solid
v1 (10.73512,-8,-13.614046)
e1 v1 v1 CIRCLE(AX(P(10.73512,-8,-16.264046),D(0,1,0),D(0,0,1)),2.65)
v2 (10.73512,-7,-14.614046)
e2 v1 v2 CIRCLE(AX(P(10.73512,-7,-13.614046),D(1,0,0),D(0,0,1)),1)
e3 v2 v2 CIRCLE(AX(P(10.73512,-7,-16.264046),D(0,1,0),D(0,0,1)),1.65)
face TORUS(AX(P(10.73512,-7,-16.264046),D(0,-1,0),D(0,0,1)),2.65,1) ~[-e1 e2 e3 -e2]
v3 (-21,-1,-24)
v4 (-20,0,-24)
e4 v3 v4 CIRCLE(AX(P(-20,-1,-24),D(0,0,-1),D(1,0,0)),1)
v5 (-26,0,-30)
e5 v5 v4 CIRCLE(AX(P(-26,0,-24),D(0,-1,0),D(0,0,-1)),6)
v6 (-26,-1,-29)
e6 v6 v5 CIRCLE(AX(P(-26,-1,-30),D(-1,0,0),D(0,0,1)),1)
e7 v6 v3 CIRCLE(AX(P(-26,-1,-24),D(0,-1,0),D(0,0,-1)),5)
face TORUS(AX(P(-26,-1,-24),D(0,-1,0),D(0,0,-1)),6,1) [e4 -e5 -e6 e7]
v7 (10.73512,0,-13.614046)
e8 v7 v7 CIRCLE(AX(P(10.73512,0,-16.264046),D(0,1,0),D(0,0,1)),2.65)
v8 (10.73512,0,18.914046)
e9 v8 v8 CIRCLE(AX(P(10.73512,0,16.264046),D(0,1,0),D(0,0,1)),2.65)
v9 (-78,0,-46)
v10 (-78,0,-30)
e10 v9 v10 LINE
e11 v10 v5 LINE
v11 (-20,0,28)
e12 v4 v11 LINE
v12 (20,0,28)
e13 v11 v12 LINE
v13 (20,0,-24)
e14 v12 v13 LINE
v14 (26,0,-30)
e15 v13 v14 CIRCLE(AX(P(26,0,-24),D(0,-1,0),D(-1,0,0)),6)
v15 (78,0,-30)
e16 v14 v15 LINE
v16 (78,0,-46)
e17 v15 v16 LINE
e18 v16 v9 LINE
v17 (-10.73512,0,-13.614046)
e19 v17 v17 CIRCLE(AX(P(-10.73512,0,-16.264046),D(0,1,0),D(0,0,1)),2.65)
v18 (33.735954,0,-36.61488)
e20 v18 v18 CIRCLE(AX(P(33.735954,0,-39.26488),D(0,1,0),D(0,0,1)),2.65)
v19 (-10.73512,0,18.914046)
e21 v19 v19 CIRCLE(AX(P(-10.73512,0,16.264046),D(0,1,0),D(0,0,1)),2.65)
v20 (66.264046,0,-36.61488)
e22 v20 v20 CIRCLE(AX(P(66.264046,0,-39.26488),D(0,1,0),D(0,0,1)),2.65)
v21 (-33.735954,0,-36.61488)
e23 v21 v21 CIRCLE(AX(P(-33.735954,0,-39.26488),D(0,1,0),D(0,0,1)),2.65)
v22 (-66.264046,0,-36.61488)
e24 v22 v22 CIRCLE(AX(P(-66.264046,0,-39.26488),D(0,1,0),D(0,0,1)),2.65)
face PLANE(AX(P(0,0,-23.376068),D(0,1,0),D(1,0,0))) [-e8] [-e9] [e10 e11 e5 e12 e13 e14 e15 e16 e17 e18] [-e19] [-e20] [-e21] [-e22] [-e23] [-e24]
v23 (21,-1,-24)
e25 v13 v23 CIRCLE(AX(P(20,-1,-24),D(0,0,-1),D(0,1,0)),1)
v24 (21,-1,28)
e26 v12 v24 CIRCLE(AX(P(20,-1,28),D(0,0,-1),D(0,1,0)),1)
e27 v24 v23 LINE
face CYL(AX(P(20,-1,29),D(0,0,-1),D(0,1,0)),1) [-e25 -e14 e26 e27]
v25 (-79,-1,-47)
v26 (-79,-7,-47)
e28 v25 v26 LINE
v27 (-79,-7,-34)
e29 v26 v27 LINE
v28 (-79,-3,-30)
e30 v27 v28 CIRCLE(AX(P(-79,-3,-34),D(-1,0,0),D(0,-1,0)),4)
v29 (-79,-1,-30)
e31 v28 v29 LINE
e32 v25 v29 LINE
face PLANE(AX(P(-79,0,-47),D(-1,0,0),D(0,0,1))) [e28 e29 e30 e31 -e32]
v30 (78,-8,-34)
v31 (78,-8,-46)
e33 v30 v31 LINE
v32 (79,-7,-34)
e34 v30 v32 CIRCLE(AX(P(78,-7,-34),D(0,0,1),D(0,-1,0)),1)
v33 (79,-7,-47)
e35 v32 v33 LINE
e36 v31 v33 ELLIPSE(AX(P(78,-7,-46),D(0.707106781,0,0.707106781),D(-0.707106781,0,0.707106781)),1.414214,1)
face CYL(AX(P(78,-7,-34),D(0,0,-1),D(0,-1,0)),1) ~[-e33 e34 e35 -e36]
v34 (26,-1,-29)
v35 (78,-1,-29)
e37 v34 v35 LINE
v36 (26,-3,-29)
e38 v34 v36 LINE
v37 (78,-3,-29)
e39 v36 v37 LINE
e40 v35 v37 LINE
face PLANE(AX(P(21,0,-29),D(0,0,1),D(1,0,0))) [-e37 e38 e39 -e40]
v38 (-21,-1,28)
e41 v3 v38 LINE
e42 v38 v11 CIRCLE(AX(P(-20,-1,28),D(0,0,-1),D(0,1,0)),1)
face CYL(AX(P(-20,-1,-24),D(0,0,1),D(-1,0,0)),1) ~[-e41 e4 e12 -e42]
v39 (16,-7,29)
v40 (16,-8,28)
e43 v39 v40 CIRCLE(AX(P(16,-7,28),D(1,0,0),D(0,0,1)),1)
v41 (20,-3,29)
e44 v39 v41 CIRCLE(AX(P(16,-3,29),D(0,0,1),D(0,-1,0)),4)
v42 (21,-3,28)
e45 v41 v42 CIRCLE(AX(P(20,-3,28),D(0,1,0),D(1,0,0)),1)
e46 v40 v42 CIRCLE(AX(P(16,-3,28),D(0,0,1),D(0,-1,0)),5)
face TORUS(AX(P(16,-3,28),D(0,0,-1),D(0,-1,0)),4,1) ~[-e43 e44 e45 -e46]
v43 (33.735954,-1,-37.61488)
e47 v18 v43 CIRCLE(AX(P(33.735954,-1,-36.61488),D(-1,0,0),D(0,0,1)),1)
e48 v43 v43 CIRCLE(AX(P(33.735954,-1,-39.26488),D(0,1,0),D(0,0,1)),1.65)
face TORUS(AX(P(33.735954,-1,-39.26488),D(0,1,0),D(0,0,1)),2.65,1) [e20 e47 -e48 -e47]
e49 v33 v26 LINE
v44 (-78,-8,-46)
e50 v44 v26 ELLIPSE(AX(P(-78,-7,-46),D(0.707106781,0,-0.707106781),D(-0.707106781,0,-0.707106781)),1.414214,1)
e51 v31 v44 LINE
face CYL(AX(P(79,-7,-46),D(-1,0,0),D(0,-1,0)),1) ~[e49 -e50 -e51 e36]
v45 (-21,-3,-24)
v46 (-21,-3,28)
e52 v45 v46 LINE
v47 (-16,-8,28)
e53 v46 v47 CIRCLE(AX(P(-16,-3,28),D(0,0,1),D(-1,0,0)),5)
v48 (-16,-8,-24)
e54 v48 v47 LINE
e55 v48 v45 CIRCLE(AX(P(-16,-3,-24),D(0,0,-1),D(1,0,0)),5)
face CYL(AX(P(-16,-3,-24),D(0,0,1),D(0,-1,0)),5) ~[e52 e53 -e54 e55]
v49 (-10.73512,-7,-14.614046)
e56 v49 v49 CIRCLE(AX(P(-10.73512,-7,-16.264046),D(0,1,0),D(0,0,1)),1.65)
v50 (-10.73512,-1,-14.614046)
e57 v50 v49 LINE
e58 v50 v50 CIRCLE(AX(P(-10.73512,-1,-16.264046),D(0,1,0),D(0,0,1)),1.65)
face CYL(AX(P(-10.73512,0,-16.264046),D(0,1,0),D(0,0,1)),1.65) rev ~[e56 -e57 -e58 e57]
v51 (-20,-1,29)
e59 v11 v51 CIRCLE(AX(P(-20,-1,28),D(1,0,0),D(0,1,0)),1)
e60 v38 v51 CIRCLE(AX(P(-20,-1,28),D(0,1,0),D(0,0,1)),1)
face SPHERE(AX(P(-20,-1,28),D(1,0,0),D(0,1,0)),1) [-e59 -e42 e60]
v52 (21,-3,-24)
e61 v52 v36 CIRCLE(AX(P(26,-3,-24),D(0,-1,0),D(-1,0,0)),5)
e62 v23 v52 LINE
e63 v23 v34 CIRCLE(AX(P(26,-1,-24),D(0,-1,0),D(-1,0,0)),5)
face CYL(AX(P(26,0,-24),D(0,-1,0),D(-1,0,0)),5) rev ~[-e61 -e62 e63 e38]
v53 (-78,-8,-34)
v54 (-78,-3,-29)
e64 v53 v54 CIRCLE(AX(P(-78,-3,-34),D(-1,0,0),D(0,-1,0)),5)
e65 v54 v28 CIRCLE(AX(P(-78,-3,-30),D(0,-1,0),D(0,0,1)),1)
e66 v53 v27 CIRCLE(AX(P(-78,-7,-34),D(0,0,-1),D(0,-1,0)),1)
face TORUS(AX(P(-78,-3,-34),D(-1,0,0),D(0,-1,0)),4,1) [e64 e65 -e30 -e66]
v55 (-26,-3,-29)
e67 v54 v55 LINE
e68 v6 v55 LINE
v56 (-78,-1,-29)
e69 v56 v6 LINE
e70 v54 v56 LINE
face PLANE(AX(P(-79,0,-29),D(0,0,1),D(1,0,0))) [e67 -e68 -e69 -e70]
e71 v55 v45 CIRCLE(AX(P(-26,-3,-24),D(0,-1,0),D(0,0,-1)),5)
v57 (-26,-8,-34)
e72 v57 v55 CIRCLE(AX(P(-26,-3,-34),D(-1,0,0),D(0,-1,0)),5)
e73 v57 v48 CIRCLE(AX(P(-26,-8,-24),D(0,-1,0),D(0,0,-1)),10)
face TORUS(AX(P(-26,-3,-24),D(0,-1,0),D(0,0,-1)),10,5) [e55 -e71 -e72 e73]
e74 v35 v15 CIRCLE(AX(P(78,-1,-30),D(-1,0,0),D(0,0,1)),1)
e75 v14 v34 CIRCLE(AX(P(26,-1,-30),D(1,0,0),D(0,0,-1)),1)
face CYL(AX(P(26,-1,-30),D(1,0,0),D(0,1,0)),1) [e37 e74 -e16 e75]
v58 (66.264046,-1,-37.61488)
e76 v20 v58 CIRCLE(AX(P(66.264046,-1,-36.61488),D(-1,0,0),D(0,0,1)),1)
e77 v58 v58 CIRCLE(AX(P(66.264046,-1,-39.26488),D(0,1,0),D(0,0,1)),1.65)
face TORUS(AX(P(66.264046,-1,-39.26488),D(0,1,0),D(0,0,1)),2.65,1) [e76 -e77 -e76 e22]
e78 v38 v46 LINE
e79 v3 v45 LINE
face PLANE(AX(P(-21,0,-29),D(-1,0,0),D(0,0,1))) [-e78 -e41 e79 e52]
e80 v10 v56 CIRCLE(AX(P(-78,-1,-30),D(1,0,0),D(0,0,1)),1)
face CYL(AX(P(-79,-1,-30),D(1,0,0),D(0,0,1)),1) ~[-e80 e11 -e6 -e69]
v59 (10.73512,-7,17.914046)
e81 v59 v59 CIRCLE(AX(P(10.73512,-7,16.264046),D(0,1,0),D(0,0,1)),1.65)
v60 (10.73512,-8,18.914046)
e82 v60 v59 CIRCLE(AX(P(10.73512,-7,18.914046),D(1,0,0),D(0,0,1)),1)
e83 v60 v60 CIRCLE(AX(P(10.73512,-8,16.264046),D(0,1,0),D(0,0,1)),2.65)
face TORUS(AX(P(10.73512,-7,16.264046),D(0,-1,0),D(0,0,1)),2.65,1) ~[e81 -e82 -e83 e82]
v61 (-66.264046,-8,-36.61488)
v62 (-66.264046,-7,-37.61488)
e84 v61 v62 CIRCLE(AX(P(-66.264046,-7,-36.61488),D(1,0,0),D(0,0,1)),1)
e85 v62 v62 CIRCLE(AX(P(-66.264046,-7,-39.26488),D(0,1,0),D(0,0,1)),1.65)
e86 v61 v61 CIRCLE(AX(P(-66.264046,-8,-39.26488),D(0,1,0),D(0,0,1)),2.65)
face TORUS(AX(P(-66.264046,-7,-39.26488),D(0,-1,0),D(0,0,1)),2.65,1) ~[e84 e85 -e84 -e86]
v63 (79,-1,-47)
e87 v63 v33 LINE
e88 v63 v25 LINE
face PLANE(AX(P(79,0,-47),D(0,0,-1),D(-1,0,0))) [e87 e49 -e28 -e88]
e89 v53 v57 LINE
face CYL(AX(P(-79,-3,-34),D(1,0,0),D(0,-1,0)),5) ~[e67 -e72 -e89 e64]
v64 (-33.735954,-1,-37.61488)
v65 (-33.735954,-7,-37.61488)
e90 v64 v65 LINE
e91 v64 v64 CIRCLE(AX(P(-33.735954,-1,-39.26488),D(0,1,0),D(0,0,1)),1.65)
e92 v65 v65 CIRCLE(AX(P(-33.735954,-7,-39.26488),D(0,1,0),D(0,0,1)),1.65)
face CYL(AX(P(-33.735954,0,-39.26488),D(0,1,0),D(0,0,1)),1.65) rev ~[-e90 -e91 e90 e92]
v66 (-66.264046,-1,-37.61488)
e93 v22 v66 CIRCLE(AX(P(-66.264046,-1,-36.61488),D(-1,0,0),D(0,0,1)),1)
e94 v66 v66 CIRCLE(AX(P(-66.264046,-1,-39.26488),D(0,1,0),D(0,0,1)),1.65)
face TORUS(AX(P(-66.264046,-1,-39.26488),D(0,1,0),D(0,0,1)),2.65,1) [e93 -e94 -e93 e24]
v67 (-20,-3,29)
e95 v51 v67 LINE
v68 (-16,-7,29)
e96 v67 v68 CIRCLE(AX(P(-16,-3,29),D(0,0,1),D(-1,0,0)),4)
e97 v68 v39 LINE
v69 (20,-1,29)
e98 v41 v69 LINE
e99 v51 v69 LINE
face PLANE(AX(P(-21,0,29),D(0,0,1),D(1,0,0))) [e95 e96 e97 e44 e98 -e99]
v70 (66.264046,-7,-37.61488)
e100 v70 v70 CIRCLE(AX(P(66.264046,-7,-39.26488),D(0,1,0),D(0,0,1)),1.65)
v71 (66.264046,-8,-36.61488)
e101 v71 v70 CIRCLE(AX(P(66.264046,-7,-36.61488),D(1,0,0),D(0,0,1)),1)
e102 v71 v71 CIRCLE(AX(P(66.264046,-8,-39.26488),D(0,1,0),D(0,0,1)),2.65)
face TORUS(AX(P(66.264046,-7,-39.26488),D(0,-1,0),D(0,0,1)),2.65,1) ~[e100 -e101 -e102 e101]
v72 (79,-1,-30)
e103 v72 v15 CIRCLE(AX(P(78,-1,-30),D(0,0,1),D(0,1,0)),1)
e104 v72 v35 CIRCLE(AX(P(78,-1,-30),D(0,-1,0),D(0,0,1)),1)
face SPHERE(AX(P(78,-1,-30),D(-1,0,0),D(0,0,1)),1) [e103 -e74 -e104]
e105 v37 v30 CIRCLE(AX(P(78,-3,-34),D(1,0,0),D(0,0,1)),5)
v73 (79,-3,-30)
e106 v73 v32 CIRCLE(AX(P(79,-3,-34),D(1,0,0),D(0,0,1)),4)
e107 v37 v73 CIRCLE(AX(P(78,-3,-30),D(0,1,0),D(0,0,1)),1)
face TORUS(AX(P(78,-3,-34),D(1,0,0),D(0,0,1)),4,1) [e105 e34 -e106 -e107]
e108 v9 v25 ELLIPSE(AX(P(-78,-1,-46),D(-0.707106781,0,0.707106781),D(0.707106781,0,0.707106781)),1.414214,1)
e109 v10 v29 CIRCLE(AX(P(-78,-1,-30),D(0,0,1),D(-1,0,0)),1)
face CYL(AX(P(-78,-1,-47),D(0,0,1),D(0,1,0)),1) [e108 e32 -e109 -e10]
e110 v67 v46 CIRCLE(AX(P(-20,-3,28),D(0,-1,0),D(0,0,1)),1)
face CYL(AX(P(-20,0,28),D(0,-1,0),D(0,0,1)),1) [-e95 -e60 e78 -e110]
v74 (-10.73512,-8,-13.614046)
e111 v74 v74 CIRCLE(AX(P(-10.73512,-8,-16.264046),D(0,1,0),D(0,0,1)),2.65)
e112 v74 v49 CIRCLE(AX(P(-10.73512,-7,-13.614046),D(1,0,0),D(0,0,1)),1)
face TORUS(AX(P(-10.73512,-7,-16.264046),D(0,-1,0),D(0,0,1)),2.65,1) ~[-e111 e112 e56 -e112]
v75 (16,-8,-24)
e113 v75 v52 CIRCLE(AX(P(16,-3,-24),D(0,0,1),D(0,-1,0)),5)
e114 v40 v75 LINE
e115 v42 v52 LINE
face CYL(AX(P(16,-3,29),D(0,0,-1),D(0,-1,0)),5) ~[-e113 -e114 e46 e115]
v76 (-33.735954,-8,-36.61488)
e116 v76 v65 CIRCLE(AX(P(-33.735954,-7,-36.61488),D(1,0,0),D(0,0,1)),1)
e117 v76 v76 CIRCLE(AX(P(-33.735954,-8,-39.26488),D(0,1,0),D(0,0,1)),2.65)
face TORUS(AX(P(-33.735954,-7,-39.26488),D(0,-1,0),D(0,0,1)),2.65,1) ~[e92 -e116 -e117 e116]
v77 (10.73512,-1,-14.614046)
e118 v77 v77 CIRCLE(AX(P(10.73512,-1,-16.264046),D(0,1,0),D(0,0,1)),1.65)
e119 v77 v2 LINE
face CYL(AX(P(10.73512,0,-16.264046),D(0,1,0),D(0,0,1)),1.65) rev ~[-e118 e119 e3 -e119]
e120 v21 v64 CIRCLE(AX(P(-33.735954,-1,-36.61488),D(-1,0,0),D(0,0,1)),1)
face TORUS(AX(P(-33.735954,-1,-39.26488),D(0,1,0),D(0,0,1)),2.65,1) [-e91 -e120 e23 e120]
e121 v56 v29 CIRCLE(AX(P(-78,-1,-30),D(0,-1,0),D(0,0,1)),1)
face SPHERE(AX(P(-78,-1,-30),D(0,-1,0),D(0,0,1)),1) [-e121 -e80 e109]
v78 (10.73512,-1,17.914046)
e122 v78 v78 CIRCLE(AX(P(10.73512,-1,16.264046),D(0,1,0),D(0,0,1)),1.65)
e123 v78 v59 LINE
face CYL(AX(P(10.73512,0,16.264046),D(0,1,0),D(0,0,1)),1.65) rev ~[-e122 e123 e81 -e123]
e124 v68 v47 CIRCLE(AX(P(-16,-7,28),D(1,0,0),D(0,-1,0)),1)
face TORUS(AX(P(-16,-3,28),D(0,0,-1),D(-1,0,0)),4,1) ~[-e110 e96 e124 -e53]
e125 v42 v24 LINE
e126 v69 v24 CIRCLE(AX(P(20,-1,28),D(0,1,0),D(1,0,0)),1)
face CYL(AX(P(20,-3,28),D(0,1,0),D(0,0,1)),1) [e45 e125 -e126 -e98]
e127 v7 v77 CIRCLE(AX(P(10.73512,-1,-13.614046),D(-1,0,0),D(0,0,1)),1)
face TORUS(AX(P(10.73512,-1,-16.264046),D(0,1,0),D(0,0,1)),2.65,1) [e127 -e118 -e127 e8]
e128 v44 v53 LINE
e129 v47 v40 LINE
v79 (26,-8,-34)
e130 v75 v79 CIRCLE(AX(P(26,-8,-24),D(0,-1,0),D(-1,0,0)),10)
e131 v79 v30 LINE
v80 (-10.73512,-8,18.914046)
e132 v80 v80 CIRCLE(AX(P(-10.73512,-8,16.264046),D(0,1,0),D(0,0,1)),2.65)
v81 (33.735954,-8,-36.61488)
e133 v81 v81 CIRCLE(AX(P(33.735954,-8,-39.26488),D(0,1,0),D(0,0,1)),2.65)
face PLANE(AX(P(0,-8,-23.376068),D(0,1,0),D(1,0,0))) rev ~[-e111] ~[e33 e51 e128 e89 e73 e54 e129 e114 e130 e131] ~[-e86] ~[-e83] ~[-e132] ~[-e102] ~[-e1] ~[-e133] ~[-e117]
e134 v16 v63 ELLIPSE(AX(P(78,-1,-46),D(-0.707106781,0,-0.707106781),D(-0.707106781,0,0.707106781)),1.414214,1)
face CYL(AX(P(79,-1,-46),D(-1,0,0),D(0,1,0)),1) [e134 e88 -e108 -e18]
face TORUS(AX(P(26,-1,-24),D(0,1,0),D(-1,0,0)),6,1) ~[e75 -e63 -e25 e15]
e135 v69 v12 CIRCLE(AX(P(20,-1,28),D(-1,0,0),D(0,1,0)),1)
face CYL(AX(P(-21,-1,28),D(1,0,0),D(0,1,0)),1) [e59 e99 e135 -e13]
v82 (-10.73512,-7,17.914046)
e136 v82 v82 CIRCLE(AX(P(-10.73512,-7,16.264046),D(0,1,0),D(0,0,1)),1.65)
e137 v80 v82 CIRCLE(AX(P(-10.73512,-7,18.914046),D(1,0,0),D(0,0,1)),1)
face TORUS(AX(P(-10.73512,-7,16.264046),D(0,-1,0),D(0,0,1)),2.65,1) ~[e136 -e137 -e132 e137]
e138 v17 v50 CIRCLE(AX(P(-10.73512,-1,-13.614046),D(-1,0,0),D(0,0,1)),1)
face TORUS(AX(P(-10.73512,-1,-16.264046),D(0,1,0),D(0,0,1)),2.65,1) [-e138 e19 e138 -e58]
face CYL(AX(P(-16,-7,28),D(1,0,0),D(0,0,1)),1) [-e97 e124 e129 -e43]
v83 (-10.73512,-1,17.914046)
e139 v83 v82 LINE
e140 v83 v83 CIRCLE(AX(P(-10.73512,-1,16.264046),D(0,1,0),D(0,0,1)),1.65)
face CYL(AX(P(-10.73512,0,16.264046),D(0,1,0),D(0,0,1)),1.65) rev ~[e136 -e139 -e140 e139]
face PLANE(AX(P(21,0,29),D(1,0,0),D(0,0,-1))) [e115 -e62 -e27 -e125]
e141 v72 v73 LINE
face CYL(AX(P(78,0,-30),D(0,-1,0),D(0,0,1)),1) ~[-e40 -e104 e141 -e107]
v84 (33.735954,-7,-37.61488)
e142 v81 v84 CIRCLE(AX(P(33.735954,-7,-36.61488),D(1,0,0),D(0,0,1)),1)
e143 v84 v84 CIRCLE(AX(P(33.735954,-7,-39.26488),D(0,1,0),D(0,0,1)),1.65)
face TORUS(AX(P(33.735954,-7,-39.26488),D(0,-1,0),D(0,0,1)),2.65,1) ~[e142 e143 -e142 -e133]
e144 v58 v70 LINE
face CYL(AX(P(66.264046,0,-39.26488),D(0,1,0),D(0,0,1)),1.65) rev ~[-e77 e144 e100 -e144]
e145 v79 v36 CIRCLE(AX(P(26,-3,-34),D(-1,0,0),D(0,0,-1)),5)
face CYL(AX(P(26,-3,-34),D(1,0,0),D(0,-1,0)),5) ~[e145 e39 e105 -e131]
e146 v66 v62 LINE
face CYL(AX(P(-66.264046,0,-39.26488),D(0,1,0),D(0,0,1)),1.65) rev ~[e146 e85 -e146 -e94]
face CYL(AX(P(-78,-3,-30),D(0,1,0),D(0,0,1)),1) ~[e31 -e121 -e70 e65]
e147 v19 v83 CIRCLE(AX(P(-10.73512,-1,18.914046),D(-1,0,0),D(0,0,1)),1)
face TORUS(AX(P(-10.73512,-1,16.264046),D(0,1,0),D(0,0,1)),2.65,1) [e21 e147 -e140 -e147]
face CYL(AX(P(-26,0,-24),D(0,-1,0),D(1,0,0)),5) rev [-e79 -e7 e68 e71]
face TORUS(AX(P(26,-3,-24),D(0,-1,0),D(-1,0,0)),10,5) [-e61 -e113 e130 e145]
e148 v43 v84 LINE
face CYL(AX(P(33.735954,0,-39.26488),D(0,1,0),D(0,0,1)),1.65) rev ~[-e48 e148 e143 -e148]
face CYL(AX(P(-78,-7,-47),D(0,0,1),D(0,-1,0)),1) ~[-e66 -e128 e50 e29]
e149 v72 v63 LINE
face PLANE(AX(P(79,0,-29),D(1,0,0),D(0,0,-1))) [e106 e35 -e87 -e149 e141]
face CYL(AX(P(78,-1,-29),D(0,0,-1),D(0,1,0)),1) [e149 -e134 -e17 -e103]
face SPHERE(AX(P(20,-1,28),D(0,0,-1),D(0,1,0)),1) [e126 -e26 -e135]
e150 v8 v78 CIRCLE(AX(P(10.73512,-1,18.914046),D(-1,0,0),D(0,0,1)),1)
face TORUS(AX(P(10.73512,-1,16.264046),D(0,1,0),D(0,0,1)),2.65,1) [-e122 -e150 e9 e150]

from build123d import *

# Parameters (mm, degrees)
BOSS_EXTRUDE1_DEPTH = 8
SKETCH6_R           = 1.65
CUT_EXTRUDE1_DEPTH  = 8
FILLET1_R           = 5
FILLET3_R           = 5
FILLET4_R           = 1


with BuildPart() as part:
    # Sketch2 → Boss-Extrude1 (new body)
    with BuildSketch(Plane(origin=(0, 0, 0), x_dir=(1, 0, 0), z_dir=(0, 1, 0))):
        Polygon((-21, -29), (21, -29), (21, 29), (79, 29), (79, 47), (-79, 47), (-79, 29), (-21, 29), align=None)
    extrude(amount=-BOSS_EXTRUDE1_DEPTH)

    # Sketch6 → Cut-Extrude1 (cut)
    with BuildSketch(Plane(origin=(0, 0, 0), x_dir=(1, 0, 0), z_dir=(0, 1, 0))):
        with Locations(Location((-10.735119868, -16.264045876, 0), (0, 0, 270))):
            Circle(SKETCH6_R)
        with Locations(Location((-10.735119868, 16.264045876, 0), (0, 0, 270))):
            Circle(SKETCH6_R)
        with Locations(Location((10.735119868, 16.264045876, 0), (0, 0, 270))):
            Circle(SKETCH6_R)
        with Locations(Location((10.735119868, -16.264045876, 0), (0, 0, 270))):
            Circle(SKETCH6_R)
        with Locations(Location((-33.735954124, 39.264880132, 0), (0, 0, 270))):
            Circle(SKETCH6_R)
        with Locations(Location((-66.264045876, 39.264880132, 0), (0, 0, 270))):
            Circle(SKETCH6_R)
        with Locations(Location((66.264045876, 39.264880132, 0), (0, 0, 270))):
            Circle(SKETCH6_R)
        with Locations(Location((33.735954124, 39.264880132, 0), (0, 0, 270))):
            Circle(SKETCH6_R)
    extrude(amount=-CUT_EXTRUDE1_DEPTH, mode=Mode.SUBTRACT)

    # Fillet1
    fillet1_edges = [part.edges().sort_by_distance(p)[0] for p in [
        (-21, -4, -29),
        (21, -4, -29),
    ]]
    fillet(fillet1_edges, radius=FILLET1_R)

    # Fillet3
    fillet3_edges = [part.edges().sort_by_distance(p)[0] for p in [
        (21, -8, 2.5),
        (-52.5, -8, -29),
        (52.5, -8, -29),
        (-21, -8, 2.5),
        (22.464466094, -8, -27.535533906),
        (-22.464466094, -8, -27.535533906),
    ]]
    fillet(fillet3_edges, radius=FILLET3_R)

    # Fillet4
    fillet4_edges = [part.edges().sort_by_distance(p)[0] for p in [
        (21, 0, 2.5),
        (0, 0, 29),
        (0, -8, -47),
        (-79, -8, -40.5),
        (-33.735954124, 0, -40.914880132),
        (-33.735954124, -8, -40.914880132),
        (-66.264045876, 0, -40.914880132),
        (-66.264045876, -8, -40.914880132),
        (-10.735119868, 0, -17.914045876),
        (-10.735119868, -8, -17.914045876),
        (66.264045876, 0, -40.914880132),
        (66.264045876, -8, -40.914880132),
        (33.735954124, 0, -40.914880132),
        (33.735954124, -8, -40.914880132),
        (10.735119868, 0, -17.914045876),
        (10.735119868, -8, -17.914045876),
        (10.735119868, 0, 14.614045876),
        (10.735119868, -8, 14.614045876),
        (-10.735119868, 0, 14.614045876),
        (-10.735119868, -8, 14.614045876),
        (52.5, 0, -29),
        (-21, 0, 2.5),
        (22.464466094, 0, -27.535533906),
        (-22.464466094, 0, -27.535533906),
        (79, -1.5, -29),
        (79, -8, -40.5),
        (79, -6.535533906, -30.464466094),
        (0, -8, 29),
        (-79, -1.5, -29),
        (-79, -6.535533906, -30.464466094),
        (21, -1.5, 29),
        (-21, -1.5, 29),
        (-19.535533906, -6.535533906, 29),
        (19.535533906, -6.535533906, 29),
        (-52.5, 0, -29),
        (-79, 0, -38),
        (0, 0, -47),
        (79, 0, -38),
    ]]
    fillet(fillet4_edges, radius=FILLET4_R)


solid = part.part
